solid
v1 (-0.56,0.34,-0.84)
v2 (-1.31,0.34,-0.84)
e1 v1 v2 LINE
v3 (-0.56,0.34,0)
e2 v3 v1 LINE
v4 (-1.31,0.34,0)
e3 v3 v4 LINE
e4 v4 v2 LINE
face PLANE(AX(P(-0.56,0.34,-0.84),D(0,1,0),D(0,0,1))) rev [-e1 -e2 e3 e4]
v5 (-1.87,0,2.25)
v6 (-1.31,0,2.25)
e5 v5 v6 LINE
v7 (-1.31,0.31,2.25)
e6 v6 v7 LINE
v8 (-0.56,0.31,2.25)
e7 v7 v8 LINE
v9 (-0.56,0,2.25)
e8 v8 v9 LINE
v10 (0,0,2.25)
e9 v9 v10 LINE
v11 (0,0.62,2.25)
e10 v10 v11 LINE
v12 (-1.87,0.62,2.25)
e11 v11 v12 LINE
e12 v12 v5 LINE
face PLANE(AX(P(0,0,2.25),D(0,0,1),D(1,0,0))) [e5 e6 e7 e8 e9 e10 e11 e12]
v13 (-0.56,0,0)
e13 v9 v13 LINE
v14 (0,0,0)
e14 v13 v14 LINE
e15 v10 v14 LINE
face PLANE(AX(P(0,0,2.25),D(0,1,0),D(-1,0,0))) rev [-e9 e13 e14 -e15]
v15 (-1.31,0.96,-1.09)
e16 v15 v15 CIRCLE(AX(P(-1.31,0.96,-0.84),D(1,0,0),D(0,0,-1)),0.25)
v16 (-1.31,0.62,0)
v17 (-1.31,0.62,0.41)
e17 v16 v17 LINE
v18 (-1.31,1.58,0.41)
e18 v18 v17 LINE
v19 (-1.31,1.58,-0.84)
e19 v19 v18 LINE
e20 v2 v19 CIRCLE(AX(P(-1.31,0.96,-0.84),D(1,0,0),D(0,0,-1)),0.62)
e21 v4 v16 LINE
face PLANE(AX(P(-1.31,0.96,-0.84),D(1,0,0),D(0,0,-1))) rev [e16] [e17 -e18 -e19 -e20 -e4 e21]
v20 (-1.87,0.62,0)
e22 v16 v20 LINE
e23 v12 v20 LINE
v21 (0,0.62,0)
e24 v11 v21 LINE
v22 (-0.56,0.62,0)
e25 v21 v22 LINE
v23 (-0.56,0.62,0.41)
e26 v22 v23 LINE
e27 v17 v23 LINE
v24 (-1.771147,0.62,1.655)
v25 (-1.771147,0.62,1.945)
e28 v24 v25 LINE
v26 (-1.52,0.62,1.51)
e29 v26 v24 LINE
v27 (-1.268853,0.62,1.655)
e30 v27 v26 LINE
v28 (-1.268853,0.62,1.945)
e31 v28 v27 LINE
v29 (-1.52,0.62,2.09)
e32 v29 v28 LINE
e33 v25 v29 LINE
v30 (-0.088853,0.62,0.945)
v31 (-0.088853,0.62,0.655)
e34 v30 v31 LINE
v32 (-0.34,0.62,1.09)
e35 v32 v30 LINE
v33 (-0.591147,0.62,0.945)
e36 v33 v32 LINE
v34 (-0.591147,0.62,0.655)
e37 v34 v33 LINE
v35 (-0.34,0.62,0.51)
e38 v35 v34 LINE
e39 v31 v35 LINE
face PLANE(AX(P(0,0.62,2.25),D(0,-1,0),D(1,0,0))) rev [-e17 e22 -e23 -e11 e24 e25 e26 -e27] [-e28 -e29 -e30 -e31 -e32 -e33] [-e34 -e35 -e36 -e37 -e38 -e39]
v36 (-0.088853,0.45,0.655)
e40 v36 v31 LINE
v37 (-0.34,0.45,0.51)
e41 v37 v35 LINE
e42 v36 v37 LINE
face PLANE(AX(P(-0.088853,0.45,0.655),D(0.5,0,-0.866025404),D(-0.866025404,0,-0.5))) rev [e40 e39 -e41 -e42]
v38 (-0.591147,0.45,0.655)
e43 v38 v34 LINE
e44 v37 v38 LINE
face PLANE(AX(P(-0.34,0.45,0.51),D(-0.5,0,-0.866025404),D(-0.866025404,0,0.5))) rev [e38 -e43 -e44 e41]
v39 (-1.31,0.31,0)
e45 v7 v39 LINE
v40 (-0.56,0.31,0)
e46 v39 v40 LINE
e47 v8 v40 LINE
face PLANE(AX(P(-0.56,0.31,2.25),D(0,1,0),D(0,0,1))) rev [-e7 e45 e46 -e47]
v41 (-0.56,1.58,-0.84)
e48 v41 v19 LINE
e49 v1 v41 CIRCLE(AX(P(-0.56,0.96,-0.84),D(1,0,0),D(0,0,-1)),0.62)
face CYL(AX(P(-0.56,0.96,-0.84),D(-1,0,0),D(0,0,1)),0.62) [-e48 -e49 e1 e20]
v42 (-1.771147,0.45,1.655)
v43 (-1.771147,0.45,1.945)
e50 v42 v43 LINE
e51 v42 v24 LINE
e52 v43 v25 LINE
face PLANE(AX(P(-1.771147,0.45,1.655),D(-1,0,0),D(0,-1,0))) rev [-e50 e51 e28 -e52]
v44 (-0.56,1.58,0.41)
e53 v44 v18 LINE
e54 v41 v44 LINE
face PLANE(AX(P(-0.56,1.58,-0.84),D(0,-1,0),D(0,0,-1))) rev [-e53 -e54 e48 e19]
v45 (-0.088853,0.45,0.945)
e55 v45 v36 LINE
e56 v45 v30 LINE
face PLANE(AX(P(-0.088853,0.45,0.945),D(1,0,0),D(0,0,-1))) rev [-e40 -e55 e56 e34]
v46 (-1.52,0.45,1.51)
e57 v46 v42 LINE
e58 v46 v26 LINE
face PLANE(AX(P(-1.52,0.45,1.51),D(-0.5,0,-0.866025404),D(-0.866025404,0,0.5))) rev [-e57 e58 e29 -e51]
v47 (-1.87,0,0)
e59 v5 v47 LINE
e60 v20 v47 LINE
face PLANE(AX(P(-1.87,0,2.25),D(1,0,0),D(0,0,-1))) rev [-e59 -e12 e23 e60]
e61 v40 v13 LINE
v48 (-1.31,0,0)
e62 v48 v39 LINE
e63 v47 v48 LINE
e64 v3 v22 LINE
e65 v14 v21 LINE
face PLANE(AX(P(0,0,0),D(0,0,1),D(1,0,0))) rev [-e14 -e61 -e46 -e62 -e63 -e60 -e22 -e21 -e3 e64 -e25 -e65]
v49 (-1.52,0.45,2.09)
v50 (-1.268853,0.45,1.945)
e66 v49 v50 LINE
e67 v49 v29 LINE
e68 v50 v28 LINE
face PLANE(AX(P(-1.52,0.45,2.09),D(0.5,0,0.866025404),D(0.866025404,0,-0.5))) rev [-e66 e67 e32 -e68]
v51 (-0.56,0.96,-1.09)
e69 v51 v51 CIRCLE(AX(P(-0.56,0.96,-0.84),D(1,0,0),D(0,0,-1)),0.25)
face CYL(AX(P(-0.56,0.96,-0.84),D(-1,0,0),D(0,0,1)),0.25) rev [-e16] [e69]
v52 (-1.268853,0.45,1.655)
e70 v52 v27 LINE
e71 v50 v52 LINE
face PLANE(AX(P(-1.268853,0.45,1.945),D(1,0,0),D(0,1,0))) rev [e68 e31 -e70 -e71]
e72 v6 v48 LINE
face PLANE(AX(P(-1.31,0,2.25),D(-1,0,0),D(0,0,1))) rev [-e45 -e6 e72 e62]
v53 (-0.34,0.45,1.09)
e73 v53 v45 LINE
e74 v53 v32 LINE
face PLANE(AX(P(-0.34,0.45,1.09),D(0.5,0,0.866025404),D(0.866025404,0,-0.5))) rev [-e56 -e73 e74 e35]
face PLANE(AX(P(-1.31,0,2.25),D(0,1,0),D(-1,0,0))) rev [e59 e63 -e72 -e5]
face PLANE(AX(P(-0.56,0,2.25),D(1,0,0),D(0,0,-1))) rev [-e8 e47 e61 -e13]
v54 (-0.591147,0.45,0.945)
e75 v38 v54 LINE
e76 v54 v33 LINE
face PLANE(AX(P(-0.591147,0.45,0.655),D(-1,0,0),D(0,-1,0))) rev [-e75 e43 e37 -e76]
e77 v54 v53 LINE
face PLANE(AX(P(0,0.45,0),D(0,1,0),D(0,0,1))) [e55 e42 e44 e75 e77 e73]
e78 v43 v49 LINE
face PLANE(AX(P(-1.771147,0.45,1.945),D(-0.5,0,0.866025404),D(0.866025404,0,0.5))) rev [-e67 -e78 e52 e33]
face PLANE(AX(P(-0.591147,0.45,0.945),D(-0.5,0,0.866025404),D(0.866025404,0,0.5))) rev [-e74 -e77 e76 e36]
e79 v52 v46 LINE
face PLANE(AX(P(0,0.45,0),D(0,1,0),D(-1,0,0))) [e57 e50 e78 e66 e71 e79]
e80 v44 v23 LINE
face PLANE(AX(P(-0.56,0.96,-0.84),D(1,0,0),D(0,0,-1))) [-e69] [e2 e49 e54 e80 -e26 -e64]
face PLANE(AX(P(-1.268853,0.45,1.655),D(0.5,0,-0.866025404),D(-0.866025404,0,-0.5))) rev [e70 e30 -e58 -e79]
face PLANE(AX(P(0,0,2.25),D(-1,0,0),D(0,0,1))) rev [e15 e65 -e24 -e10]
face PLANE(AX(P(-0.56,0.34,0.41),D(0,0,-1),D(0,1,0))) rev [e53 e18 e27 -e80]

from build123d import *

# Parameters (mm, degrees)
SALIENTE_EXTRUIR1_DEPTH = 2.25
CROQUIS2_R              = 0.25
SALIENTE_EXTRUIR2_DEPTH = 0.375
CORTAR_EXTRUIR1_DEPTH   = 0.17


with BuildPart() as part:
    # Croquis1 → Saliente-Extruir1 (new body)
    with BuildSketch(Plane.XY):
        Polygon((-1.31, 0), (-1.87, 0), (-1.87, 0.62), (0, 0.62), (0, 0), (-0.56, 0), (-0.56, 0.31), (-1.31, 0.31), align=None)
    extrude(amount=SALIENTE_EXTRUIR1_DEPTH)

    # Croquis2 → Saliente-Extruir2 (add, symmetric)
    with BuildSketch(Plane(origin=(-0.935, 0, 0), x_dir=(0, 0, -1), z_dir=(1, 0, 0))):
        with BuildLine():
            Line((0.84, 1.58), (-0.41, 1.58))
            Line((-0.41, 1.58), (-0.41, 0.62))
            Line((-0.41, 0.62), (-0.41, 0.34))
            Line((-0.41, 0.34), (0.84, 0.34))
            ThreePointArc((0.84, 0.34), (1.46, 0.96), (0.84, 1.58))
        make_face()
        with Locations((0.84, 0.96)):
            Circle(CROQUIS2_R, mode=Mode.SUBTRACT)
    extrude(amount=SALIENTE_EXTRUIR2_DEPTH, both=True)

    # Croquis3 → Cortar-Extruir1 (cut)
    with BuildSketch(Plane(origin=(0, 0.62, 0), x_dir=(1, 0, 0), z_dir=(0, 1, 0))):
        Polygon((-0.088852633, -0.945), (-0.088852633, -0.655), (-0.34, -0.51), (-0.591147367, -0.655), (-0.591147367, -0.945), (-0.34, -1.09), align=None)
        Polygon((-1.268852633, -1.945), (-1.268852633, -1.655), (-1.52, -1.51), (-1.771147367, -1.655), (-1.771147367, -1.945), (-1.52, -2.09), align=None)
    extrude(amount=-CORTAR_EXTRUIR1_DEPTH, mode=Mode.SUBTRACT)


solid = part.part
